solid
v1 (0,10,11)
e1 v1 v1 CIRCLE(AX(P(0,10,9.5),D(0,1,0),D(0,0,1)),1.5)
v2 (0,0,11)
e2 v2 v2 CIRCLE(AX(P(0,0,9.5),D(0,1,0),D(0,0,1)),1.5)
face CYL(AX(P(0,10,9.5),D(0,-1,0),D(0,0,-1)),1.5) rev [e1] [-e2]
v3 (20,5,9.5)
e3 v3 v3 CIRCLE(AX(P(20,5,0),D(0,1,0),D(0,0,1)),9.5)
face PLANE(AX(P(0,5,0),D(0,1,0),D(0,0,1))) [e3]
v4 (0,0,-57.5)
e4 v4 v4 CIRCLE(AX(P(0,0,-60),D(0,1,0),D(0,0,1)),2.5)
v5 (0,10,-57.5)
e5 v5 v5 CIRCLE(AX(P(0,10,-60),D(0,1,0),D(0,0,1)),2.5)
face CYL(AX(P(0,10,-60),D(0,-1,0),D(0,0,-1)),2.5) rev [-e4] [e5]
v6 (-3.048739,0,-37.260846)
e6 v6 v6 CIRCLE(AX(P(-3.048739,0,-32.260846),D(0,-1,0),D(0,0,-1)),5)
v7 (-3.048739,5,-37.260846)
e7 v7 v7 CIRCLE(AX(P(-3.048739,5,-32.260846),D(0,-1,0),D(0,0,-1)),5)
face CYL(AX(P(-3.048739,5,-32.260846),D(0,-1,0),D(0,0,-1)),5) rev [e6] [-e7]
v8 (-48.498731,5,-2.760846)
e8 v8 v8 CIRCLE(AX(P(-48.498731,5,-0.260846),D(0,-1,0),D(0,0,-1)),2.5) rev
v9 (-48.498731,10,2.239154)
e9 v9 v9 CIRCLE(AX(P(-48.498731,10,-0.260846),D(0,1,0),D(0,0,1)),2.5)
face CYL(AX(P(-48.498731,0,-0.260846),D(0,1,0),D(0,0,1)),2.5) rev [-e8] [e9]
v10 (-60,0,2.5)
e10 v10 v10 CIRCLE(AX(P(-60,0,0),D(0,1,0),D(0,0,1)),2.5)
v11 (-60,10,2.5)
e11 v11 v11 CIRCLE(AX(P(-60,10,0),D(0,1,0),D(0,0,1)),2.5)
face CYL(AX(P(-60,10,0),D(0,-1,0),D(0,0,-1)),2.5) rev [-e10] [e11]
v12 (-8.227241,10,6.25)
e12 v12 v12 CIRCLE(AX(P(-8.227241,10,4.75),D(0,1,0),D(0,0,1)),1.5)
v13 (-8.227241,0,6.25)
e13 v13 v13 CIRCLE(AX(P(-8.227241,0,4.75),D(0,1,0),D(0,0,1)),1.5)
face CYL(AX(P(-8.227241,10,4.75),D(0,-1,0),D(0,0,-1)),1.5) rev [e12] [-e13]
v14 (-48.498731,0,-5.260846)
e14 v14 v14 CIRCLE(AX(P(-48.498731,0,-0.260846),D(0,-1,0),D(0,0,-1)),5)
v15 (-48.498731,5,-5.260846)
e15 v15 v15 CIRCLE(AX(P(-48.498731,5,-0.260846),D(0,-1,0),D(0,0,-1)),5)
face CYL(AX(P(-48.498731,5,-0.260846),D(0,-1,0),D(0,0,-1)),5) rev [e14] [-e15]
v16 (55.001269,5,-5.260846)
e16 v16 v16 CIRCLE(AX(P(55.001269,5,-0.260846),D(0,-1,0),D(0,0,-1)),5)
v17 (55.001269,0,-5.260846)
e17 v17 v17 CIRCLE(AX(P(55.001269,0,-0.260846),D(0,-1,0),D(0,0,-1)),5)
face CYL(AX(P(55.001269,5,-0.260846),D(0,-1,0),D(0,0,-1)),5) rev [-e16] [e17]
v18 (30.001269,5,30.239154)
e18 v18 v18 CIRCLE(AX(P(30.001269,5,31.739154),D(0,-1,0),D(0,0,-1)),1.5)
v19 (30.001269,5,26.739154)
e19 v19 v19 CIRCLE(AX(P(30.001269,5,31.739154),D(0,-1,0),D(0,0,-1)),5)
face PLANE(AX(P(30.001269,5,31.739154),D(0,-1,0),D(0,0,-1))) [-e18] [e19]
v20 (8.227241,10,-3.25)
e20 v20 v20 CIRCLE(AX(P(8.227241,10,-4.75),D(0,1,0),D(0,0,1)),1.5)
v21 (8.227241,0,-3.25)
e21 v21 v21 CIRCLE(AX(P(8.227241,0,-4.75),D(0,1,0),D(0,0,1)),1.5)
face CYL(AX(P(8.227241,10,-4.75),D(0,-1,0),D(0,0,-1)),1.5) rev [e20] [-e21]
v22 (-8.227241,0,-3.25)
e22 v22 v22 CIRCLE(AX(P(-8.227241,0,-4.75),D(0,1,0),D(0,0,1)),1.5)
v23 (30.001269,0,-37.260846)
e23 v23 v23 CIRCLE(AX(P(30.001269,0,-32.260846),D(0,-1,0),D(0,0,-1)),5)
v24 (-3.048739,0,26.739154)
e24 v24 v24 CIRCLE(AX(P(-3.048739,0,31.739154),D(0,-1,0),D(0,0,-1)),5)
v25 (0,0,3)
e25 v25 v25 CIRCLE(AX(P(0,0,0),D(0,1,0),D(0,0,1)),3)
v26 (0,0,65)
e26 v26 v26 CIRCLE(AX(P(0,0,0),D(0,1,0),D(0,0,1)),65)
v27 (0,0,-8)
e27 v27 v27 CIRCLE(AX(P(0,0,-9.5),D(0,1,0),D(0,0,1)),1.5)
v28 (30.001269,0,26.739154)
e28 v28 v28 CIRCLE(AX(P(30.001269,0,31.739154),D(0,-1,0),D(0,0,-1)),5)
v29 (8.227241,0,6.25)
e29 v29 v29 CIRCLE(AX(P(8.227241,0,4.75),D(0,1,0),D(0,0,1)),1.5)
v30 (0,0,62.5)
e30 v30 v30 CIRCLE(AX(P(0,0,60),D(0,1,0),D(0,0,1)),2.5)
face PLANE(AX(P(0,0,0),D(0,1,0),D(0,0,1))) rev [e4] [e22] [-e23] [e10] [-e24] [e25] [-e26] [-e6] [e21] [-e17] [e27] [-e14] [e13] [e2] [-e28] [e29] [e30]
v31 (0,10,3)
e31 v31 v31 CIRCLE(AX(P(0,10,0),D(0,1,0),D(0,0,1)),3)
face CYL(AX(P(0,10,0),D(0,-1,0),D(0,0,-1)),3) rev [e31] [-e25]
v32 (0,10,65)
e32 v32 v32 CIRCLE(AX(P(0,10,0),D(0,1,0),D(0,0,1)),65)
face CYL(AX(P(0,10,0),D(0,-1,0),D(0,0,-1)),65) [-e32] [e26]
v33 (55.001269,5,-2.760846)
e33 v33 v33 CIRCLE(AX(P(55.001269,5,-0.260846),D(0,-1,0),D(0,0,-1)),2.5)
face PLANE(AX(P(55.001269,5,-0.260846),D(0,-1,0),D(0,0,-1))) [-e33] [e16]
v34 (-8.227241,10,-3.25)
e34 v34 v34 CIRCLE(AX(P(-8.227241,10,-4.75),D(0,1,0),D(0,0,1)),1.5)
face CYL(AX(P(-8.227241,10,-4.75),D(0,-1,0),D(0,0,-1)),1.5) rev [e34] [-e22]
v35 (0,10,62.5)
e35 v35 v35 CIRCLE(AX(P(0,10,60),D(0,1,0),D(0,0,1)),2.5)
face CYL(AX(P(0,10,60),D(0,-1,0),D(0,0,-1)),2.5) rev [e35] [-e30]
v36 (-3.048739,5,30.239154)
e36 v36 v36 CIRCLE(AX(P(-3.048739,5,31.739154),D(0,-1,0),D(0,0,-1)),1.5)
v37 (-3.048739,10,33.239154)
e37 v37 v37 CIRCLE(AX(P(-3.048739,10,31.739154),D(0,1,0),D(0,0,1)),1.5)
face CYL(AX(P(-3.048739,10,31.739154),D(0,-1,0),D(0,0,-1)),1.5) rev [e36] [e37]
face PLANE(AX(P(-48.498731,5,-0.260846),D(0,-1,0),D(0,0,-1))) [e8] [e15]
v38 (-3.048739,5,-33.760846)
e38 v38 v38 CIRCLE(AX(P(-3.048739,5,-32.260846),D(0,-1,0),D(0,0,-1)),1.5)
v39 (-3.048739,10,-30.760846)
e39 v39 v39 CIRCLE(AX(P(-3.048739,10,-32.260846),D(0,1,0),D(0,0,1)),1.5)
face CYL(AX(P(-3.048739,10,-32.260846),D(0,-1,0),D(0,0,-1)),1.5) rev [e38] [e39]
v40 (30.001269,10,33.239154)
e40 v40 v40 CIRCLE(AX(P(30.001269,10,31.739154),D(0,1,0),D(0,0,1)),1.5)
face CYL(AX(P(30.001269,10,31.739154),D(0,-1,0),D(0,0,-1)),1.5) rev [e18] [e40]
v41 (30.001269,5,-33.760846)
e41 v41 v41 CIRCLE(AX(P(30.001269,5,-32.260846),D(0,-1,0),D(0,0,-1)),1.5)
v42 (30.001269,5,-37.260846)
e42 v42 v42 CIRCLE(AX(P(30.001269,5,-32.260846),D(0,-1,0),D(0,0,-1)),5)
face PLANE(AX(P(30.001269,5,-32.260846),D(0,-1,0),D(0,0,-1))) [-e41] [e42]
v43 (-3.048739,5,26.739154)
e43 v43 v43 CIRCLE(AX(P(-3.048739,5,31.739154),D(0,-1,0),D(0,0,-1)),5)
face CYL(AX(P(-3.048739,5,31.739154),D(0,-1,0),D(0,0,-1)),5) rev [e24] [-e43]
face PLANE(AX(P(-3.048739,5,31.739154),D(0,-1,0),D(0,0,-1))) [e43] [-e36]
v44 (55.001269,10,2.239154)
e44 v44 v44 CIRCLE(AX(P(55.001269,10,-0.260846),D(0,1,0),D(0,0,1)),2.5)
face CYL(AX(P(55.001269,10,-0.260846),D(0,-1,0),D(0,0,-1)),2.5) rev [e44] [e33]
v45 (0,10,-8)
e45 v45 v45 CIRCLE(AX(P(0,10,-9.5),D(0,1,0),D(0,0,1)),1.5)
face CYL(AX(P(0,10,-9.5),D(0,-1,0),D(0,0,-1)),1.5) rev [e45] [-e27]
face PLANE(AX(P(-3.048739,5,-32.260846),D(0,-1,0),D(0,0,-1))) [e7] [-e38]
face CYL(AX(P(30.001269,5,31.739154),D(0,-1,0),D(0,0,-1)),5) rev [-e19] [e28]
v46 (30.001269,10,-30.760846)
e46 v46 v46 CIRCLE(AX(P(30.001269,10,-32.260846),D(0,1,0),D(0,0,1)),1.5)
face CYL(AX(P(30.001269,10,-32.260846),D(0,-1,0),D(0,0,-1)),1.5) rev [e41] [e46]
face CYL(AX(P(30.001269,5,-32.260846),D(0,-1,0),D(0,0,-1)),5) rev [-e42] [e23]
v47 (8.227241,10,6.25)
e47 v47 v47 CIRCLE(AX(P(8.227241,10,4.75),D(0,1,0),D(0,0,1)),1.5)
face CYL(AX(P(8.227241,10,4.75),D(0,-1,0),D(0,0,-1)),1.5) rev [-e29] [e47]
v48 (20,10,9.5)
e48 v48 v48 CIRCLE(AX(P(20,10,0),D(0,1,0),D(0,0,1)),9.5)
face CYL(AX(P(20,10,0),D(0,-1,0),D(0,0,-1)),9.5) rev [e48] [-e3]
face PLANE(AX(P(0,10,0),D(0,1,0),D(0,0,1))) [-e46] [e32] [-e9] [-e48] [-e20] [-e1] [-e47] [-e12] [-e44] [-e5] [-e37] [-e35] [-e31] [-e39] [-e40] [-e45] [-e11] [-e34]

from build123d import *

# Parameters (mm, degrees)
SKETCH1_R           = 65
SKETCH1_R_2         = 3
SKETCH1_R_3         = 1.5
SKETCH1_R_4         = 2.5
SKETCH1_R_5         = 9.5
BOSS_EXTRUDE1_DEPTH = 10
SKETCH1_3_R         = 9.5
BOSS_EXTRUDE2_DEPTH = 5
SKETCH2_R           = 5
CUT_EXTRUDE1_DEPTH  = 5
SKETCH3_R           = 2.5
CUT_EXTRUDE2_DEPTH  = 10
SKETCH4_R           = 5
CUT_EXTRUDE3_DEPTH  = 5


with BuildPart() as part:
    # Sketch1 → Boss-Extrude1 (new body)
    with BuildSketch(Plane(origin=(0, 0, 0), x_dir=(1, 0, 0), z_dir=(0, 1, 0))):
        with Locations(Location((0, 0, 0), (0, 0, 270))):
            Circle(SKETCH1_R)
        with Locations(Location((0, 0, 0), (0, 0, 270))):
            Circle(SKETCH1_R_2, mode=Mode.SUBTRACT)
        with Locations(Location((0, 9.5, 0), (0, 0, 270))):
            Circle(SKETCH1_R_3, mode=Mode.SUBTRACT)
        with Locations(Location((8.227241336, 4.75, 0), (0, 0, 270))):
            Circle(SKETCH1_R_3, mode=Mode.SUBTRACT)
        with Locations(Location((8.227241336, -4.75, 0), (0, 0, 270))):
            Circle(SKETCH1_R_3, mode=Mode.SUBTRACT)
        with Locations(Location((0, -9.5, 0), (0, 0, 270))):
            Circle(SKETCH1_R_3, mode=Mode.SUBTRACT)
        with Locations(Location((-8.227241336, -4.75, 0), (0, 0, 270))):
            Circle(SKETCH1_R_3, mode=Mode.SUBTRACT)
        with Locations(Location((-8.227241336, 4.75, 0), (0, 0, 270))):
            Circle(SKETCH1_R_3, mode=Mode.SUBTRACT)
        with Locations(Location((0, -60, 0), (0, 0, 270))):
            Circle(SKETCH1_R_4, mode=Mode.SUBTRACT)
        with Locations(Location((-60, 0, 0), (0, 0, 270))):
            Circle(SKETCH1_R_4, mode=Mode.SUBTRACT)
        with Locations(Location((0, 60, 0), (0, 0, 270))):
            Circle(SKETCH1_R_4, mode=Mode.SUBTRACT)
        with Locations(Location((20, 0, 0), (0, 0, 270))):
            Circle(SKETCH1_R_5, mode=Mode.SUBTRACT)
        with Locations(Location((-3.048738704, 32.260845552, 0), (0, 0, 270))):
            Circle(SKETCH1_R_3, mode=Mode.SUBTRACT)
        with Locations(Location((30.001268663, 32.260845552, 0), (0, 0, 270))):
            Circle(SKETCH1_R_3, mode=Mode.SUBTRACT)
        with Locations(Location((55.001268663, 0.260845552, 0), (0, 0, 270))):
            Circle(SKETCH1_R_4, mode=Mode.SUBTRACT)
        with Locations(Location((30.001268663, -31.739154448, 0), (0, 0, 270))):
            Circle(SKETCH1_R_3, mode=Mode.SUBTRACT)
        with Locations(Location((-3.048738704, -31.739154448, 0), (0, 0, 270))):
            Circle(SKETCH1_R_3, mode=Mode.SUBTRACT)
    extrude(amount=BOSS_EXTRUDE1_DEPTH)

    # Sketch1<3> → Boss-Extrude2 (add)
    with BuildSketch(Plane(origin=(0, 0, 0), x_dir=(1, 0, 0), z_dir=(0, 1, 0))):
        with Locations(Location((20, 0, 0), (0, 0, 270))):
            Circle(SKETCH1_3_R)
    extrude(amount=BOSS_EXTRUDE2_DEPTH)

    # Sketch2 → Cut-Extrude1 (cut)
    with BuildSketch(Plane.XZ):
        with Locations(Location((30.001268663, 31.739154448, 0), (0, 0, 270))):
            Circle(SKETCH2_R)
        with Locations(Location((-3.048738704, 31.739154448, 0), (0, 0, 270))):
            Circle(SKETCH2_R)
        with Locations(Location((55.001268663, -0.260845552, 0), (0, 0, 270))):
            Circle(SKETCH2_R)
        with Locations(Location((30.001268663, -32.260845552, 0), (0, 0, 270))):
            Circle(SKETCH2_R)
        with Locations(Location((-3.048738704, -32.260845552, 0), (0, 0, 270))):
            Circle(SKETCH2_R)
    extrude(amount=-CUT_EXTRUDE1_DEPTH, mode=Mode.SUBTRACT)

    # Sketch3 → Cut-Extrude2 (cut)
    with BuildSketch(Plane(origin=(0, 10, 0), x_dir=(1, 0, 0), z_dir=(0, 1, 0))):
        with Locations(Location((-48.498731337, 0.260845552, 0), (0, 0, 270))):
            Circle(SKETCH3_R)
    extrude(amount=-CUT_EXTRUDE2_DEPTH, mode=Mode.SUBTRACT)

    # Sketch4 → Cut-Extrude3 (cut)
    with BuildSketch(Plane.XZ):
        with Locations(Location((-48.498731337, -0.260845552, 0), (0, 0, 270))):
            Circle(SKETCH4_R)
    extrude(amount=-CUT_EXTRUDE3_DEPTH, mode=Mode.SUBTRACT)


solid = part.part
